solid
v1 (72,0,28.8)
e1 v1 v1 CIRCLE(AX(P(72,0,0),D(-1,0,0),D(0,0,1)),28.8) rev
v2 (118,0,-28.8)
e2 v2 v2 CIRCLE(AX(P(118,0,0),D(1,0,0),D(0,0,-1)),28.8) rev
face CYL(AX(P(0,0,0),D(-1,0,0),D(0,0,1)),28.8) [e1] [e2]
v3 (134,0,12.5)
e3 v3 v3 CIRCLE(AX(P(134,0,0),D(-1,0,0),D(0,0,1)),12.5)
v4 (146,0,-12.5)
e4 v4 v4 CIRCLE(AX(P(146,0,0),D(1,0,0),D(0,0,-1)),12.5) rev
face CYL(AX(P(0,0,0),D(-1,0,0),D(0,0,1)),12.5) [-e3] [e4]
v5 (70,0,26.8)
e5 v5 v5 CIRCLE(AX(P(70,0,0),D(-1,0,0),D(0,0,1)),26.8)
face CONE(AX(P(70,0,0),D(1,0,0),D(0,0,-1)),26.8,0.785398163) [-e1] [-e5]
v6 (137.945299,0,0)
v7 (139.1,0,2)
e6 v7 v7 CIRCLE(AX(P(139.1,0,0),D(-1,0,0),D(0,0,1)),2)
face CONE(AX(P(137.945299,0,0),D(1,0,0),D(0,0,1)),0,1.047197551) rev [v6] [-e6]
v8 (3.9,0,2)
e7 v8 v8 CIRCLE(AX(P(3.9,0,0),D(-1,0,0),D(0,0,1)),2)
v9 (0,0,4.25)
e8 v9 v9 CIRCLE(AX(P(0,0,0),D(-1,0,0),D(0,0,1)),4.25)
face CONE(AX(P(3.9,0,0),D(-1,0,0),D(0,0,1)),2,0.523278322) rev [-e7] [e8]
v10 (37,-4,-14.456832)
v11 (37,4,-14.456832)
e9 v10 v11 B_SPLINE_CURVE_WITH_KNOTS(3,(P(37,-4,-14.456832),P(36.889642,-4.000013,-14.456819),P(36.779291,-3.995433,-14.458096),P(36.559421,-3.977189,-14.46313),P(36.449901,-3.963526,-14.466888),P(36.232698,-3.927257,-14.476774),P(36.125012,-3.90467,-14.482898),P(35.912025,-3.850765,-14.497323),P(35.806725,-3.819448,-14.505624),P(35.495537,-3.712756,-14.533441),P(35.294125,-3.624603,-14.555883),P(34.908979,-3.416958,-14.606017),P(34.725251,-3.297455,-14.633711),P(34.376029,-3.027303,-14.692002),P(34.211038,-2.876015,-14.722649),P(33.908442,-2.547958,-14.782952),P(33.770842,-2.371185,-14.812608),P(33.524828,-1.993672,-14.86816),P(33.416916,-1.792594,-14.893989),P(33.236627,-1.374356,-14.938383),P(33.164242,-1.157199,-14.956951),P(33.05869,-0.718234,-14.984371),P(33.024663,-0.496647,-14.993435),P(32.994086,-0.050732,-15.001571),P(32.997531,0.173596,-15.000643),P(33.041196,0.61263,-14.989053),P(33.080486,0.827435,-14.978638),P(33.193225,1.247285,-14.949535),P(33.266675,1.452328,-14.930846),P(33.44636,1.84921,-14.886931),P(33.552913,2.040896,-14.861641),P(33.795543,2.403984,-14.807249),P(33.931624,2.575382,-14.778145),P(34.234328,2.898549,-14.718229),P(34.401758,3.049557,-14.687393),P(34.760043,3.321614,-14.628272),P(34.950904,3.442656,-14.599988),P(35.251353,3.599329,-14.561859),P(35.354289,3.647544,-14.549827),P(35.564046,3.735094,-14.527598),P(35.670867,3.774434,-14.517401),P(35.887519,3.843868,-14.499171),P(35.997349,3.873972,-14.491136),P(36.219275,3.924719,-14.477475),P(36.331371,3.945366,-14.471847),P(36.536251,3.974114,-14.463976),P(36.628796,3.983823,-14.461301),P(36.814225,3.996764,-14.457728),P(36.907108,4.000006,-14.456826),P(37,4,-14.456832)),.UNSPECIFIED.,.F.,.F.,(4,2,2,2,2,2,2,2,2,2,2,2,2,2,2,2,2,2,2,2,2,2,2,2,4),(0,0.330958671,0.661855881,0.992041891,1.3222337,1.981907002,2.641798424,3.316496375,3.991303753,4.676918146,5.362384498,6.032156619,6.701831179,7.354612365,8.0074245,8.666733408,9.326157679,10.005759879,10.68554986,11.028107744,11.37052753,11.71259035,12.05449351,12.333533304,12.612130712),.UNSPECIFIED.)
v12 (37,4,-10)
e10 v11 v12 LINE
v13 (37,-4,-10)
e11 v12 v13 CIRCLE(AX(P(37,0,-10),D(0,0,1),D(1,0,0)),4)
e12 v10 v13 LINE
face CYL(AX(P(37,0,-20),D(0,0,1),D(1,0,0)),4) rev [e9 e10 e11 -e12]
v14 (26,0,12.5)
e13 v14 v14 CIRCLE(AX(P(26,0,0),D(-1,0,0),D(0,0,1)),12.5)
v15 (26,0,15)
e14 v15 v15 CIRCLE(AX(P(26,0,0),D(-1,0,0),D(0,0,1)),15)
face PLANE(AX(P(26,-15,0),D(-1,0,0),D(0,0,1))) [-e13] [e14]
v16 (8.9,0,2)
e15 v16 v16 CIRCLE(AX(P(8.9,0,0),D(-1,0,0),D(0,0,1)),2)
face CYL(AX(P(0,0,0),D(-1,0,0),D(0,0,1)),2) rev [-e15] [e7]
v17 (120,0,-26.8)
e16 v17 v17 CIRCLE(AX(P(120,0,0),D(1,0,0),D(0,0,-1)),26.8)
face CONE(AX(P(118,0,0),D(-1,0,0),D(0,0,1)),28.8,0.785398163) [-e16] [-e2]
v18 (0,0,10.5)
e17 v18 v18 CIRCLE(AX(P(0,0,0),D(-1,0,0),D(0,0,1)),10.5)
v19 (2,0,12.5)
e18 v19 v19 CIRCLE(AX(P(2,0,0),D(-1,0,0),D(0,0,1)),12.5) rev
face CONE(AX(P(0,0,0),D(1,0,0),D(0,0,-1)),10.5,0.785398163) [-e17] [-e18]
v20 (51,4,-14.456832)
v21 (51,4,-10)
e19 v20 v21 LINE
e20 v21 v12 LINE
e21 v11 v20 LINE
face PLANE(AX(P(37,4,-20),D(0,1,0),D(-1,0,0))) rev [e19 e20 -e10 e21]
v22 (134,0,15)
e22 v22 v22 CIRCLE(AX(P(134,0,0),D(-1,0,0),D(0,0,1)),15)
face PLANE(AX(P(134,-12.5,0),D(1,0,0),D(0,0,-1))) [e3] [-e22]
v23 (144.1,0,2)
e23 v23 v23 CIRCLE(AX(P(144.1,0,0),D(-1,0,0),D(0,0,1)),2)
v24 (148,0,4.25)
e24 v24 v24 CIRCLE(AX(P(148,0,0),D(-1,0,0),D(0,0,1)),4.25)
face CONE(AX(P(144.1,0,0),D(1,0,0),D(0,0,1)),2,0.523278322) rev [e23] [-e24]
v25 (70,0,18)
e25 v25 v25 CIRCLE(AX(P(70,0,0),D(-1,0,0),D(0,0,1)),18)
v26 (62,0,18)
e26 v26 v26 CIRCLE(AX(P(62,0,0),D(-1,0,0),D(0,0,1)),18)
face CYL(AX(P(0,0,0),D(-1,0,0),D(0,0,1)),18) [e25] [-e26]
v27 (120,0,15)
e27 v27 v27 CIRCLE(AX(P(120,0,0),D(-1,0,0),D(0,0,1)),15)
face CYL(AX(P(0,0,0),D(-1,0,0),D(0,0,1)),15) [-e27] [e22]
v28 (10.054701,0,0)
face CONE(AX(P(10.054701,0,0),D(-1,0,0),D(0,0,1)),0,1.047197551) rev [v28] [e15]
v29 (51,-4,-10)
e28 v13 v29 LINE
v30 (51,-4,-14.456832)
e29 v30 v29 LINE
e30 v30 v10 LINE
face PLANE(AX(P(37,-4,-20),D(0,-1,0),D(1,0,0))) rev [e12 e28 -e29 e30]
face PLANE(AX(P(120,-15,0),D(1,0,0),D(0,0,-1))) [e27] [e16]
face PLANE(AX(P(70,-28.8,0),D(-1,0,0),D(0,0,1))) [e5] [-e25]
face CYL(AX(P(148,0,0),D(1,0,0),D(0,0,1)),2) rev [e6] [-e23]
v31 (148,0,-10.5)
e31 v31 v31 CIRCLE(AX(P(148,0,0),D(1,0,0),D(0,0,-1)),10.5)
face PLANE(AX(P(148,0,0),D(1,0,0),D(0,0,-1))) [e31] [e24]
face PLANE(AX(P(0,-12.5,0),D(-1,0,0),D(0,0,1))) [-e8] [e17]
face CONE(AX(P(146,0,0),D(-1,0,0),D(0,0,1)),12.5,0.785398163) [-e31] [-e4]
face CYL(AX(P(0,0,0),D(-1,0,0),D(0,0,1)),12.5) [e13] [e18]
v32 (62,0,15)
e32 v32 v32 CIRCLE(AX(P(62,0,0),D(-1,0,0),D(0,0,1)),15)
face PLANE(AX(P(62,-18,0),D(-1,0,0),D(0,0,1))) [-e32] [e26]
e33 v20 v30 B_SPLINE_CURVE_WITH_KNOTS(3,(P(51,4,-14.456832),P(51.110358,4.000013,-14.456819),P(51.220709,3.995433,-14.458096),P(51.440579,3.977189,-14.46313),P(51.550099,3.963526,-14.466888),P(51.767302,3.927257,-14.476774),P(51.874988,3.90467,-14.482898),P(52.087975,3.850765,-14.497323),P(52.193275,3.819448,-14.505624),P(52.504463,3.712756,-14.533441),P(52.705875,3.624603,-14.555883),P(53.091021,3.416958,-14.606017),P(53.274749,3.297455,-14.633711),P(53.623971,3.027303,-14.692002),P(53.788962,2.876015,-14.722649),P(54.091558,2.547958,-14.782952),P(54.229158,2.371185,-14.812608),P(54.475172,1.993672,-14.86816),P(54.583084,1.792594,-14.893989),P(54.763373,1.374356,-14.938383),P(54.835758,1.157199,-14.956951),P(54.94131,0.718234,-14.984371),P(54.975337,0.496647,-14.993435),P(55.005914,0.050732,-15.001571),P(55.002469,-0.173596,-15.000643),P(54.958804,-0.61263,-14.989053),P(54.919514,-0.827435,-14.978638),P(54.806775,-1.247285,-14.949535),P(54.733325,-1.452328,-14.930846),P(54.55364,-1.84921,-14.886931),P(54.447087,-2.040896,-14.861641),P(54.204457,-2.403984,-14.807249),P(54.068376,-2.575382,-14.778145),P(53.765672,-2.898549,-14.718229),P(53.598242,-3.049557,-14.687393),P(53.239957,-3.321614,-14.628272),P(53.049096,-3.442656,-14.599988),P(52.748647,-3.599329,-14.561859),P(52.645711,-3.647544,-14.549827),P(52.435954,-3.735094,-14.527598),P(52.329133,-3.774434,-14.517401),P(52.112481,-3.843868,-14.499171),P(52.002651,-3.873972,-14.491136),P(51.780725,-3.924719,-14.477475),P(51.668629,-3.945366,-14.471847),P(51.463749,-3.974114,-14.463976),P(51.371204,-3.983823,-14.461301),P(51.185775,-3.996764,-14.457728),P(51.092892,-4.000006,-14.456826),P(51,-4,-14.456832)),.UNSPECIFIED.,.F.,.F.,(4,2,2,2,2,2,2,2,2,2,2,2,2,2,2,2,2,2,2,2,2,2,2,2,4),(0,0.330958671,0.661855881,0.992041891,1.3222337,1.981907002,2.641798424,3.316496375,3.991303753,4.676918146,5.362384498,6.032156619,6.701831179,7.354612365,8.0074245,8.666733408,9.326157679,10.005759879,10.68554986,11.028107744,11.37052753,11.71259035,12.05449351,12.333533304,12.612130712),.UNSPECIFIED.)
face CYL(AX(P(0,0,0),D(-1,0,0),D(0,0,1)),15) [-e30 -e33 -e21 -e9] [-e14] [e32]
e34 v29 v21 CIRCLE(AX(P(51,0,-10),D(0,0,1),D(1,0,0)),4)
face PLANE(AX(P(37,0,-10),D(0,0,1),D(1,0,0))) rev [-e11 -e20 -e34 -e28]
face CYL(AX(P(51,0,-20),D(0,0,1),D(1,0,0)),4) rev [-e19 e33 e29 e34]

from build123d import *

# Parameters (mm, degrees)
CUT_EXTRUDE_START   = -10
CUT_EXTRUDE_1_DEPTH = 10
CHAMFER_1_SIZE      = 2


with BuildPart() as part:
    # Эскиз2 → Повернуть1 (revolve)
    with BuildSketch(Plane.XY):
        Polygon((0, 0), (148, 0), (148, -12.5), (134, -12.5), (134, -15), (120, -15), (120, -28.8), (70, -28.8), (70, -18), (62, -18), (62, -15), (26, -15), (26, -12.5), (0, -12.5), align=None)
    revolve(axis=Axis((0, 0, 0), (1, 0, 0)))

    # Эскиз3 → Вырез-Повернуть1 (revolve, cut)
    with BuildSketch(Plane.XY):
        Polygon((0, 0), (10.054700538, 0), (8.9, 2), (3.9, 2), (0, 4.25), align=None)
    cut_revolve_1 = revolve(axis=Axis((0, 0, 0), (1, 0, 0)), mode=Mode.SUBTRACT)

    # Зеркальное отражение1: Вырез-Повернуть1 across plane
    add(cut_revolve_1.mirror(Plane(origin=(74, 0, 0), x_dir=(0, 0, 1), z_dir=(1, 0, 0))), mode=Mode.SUBTRACT)

    # Эскиз4 → Вырез-Вытянуть1 (cut)
    with BuildSketch(Plane.XY.offset(CUT_EXTRUDE_START)):
        with BuildLine():
            Line((37, 4), (51, 4))
            ThreePointArc((51, 4), (55, 0), (51, -4))
            Line((51, -4), (37, -4))
            ThreePointArc((37, -4), (33, 0), (37, 4))
        make_face()
    extrude(amount=-CUT_EXTRUDE_1_DEPTH, mode=Mode.SUBTRACT)

    # Фаска1
    chamfer_1_edges = [part.edges().sort_by_distance(p)[0] for p in [
        (0, 12.5, 0),
        (70, 28.8, 0),
        (120, 28.8, 0),
        (148, 12.5, 0),
    ]]
    chamfer(chamfer_1_edges, length=CHAMFER_1_SIZE)


solid = part.part
